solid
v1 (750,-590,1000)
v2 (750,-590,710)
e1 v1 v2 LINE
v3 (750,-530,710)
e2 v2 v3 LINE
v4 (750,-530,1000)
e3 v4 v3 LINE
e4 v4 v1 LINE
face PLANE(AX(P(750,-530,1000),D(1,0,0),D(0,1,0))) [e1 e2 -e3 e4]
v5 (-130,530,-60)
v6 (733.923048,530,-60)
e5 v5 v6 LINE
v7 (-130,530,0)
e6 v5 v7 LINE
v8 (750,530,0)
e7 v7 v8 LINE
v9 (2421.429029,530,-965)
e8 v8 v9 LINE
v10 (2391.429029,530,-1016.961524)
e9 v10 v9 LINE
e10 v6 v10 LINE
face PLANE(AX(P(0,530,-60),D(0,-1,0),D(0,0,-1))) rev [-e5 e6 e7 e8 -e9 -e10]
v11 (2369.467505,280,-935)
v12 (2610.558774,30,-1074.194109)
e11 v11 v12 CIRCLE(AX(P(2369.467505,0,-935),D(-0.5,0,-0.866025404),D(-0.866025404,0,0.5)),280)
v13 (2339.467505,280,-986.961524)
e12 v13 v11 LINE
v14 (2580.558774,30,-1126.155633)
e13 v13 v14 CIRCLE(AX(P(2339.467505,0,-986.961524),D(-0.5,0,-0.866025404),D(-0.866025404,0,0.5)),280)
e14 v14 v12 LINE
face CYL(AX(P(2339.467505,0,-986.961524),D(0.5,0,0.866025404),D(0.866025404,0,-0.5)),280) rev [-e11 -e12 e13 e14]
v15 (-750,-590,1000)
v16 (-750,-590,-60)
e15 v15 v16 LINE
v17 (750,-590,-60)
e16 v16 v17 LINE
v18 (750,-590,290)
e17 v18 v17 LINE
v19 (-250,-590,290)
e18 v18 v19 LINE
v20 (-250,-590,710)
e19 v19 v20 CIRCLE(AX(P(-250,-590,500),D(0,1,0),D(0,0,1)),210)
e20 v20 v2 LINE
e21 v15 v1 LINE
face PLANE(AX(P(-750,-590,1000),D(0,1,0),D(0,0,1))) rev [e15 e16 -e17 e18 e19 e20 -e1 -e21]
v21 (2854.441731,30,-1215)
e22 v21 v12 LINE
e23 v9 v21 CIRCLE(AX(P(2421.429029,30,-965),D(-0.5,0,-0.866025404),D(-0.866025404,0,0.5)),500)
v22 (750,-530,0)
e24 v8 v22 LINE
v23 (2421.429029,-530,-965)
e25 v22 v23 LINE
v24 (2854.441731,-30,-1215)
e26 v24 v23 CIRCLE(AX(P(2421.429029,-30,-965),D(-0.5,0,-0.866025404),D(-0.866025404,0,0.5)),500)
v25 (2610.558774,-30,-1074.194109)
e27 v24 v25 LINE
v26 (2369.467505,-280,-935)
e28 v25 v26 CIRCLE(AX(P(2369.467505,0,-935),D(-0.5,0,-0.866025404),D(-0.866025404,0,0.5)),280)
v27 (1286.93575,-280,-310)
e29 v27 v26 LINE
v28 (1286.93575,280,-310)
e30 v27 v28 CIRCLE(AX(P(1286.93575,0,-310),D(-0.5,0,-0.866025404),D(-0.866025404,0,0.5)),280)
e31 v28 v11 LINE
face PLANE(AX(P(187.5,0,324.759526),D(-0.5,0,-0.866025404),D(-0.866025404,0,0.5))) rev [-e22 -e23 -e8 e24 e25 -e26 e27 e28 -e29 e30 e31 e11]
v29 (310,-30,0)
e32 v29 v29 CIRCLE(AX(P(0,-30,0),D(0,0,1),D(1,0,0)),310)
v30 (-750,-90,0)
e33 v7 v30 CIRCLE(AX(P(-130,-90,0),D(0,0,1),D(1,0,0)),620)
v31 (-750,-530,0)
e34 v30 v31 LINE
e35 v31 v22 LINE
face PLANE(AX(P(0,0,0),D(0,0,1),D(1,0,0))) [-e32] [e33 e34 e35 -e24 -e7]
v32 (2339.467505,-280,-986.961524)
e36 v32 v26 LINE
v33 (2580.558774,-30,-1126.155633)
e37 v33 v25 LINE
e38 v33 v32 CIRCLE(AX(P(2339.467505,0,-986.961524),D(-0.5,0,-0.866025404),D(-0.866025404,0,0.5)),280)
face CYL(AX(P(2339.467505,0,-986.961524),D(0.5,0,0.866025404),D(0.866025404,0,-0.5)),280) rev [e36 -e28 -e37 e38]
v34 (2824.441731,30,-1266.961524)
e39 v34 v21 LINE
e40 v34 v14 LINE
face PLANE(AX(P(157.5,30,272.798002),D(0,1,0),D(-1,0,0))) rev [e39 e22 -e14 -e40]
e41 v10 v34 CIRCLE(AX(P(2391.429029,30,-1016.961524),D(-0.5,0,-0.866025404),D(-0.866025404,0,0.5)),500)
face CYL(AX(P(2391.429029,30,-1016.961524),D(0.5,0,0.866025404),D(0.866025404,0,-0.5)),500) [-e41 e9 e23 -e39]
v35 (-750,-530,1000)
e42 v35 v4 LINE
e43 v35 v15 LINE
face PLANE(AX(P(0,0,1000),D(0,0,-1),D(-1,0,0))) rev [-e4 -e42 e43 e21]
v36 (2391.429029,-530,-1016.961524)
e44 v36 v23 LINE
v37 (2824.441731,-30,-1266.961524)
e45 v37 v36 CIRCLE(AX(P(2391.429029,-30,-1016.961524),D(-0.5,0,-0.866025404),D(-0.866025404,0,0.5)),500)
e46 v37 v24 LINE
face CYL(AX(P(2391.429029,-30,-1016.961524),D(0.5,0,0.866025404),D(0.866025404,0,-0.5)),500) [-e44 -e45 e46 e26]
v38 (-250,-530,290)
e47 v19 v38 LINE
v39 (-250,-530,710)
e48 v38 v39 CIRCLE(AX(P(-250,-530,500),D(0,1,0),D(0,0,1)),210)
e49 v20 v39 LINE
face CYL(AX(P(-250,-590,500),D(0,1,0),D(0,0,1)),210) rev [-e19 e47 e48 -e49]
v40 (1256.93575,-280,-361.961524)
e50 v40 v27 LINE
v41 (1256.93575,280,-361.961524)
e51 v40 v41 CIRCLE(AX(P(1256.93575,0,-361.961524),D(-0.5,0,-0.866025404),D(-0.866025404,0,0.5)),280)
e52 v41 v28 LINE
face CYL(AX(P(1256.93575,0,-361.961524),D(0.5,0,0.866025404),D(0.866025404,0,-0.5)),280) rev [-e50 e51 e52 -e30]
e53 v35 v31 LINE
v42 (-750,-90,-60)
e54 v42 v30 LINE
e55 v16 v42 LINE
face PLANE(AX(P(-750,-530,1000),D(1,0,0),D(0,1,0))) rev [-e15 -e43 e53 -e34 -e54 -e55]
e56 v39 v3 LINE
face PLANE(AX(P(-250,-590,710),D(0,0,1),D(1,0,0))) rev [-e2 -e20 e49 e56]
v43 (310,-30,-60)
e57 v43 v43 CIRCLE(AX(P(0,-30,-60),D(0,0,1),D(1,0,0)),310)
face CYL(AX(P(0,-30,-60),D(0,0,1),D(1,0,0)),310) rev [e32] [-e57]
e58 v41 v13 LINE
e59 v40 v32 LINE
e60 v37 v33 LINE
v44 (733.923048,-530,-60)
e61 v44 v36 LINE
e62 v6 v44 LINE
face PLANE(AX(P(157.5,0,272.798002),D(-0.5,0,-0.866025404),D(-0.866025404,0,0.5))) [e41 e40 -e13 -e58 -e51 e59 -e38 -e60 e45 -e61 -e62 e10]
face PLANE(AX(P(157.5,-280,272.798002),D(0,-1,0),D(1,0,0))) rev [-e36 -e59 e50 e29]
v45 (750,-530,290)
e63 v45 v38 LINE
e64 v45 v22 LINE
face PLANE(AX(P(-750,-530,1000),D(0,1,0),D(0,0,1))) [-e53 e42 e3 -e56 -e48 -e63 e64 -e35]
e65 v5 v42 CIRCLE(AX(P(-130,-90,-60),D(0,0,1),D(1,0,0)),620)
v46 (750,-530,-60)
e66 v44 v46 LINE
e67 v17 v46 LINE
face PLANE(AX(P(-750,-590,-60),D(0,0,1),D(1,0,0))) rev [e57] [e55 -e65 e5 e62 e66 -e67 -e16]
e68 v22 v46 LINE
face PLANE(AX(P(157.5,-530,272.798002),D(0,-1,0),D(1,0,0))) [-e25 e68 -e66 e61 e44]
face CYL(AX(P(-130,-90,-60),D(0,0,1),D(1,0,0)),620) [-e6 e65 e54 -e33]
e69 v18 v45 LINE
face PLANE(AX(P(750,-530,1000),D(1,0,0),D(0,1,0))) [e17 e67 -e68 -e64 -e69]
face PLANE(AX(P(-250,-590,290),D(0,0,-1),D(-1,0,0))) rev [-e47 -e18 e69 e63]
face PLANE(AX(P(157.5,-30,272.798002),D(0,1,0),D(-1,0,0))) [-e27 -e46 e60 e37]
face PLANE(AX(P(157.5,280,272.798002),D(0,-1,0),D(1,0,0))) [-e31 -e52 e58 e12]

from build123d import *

# Parameters (mm, degrees)
SKETCH1_W           = 1500
SKETCH1_H           = 60
BOSS_EXTRUDE1_DEPTH = 1000
SKETCH1_6_R         = 310
BOSS_EXTRUDE2_DEPTH = 60
SKETCH4_W           = 1500
SKETCH4_H           = 60
BOSS_EXTRUDE3_DEPTH = 60
CUT_EXTRUDE2_DEPTH  = 60
BOSS_EXTRUDE4_DEPTH = 60


with BuildPart() as part:
    # Sketch1 → Boss-Extrude1 (new body)
    with BuildSketch(Plane.XY):
        with Locations((0, -560)):
            Rectangle(SKETCH1_W, SKETCH1_H)
    extrude(amount=BOSS_EXTRUDE1_DEPTH)



with BuildPart() as body_2:
    # Sketch1<6> → Boss-Extrude2 (new body)
    with BuildSketch(Plane.XY):
        with BuildLine():
            Line((750, 530), (-130, 530))
            ThreePointArc((-130, 530), (-568.406204336, 348.406204336), (-750, -90))
            Line((-750, -90), (-750, -530))
            Line((-750, -530), (750, -530))
            Line((750, -530), (750, 530))
        make_face()
        with Locations((0, -30)):
            Circle(SKETCH1_6_R, mode=Mode.SUBTRACT)
    extrude(amount=-BOSS_EXTRUDE2_DEPTH)


with BuildPart() as part_1:
    add(part.part)

    add(body_2.part)  # Boss-Extrude3 merges body 2
    # Sketch4 → Boss-Extrude3 (add)
    with BuildSketch(Plane.XZ.offset(530)):
        with Locations((0, -30)):
            Rectangle(SKETCH4_W, SKETCH4_H)
    extrude(amount=BOSS_EXTRUDE3_DEPTH)

    # Sketch5 → Cut-Extrude2 (cut)
    with BuildSketch(Plane(origin=(0, -530, 0), x_dir=(1, 0, 0), z_dir=(0, 1, 0))):
        with BuildLine():
            Line((-250, -710), (750, -710))
            Line((750, -710), (750, -290))
            Line((750, -290), (-250, -290))
            ThreePointArc((-250, -290), (-460, -500), (-250, -710))
        make_face()
    extrude(amount=-CUT_EXTRUDE2_DEPTH, mode=Mode.SUBTRACT)

    # Sketch6 → Boss-Extrude4 (add)
    with BuildSketch(Plane(origin=(187.5, 0, 324.759526419), x_dir=(0, 1, 0), z_dir=(-0.5000000000000071, -9.251858538543111e-15, -0.8660254037844346))):
        with BuildLine():
            Line((-530, 649.519052838), (530, 649.519052838))
            Line((530, 649.519052838), (530, 2579.519052838))
            ThreePointArc((530, 2579.519052838), (383.553390593, 2933.072443432), (30, 3079.519052838))
            Line((30, 3079.519052838), (30, 2797.90727098))
            ThreePointArc((30, 2797.90727098), (208.32666656, 2706.601922177), (280, 2519.519052838))
            Line((280, 2519.519052838), (280, 1269.519052838))
            ThreePointArc((280, 1269.519052838), (0, 989.519052838), (-280, 1269.519052838))
            Line((-280, 1269.519052838), (-280, 2519.519052838))
            ThreePointArc((-280, 2519.519052838), (-208.32666656, 2706.601922177), (-30, 2797.90727098))
            Line((-30, 2797.90727098), (-30, 3079.519052838))
            ThreePointArc((-30, 3079.519052838), (-383.553390593, 2933.072443432), (-530, 2579.519052838))
            Line((-530, 2579.519052838), (-530, 649.519052838))
        make_face()
    extrude(amount=BOSS_EXTRUDE4_DEPTH)


solid = part_1.part
